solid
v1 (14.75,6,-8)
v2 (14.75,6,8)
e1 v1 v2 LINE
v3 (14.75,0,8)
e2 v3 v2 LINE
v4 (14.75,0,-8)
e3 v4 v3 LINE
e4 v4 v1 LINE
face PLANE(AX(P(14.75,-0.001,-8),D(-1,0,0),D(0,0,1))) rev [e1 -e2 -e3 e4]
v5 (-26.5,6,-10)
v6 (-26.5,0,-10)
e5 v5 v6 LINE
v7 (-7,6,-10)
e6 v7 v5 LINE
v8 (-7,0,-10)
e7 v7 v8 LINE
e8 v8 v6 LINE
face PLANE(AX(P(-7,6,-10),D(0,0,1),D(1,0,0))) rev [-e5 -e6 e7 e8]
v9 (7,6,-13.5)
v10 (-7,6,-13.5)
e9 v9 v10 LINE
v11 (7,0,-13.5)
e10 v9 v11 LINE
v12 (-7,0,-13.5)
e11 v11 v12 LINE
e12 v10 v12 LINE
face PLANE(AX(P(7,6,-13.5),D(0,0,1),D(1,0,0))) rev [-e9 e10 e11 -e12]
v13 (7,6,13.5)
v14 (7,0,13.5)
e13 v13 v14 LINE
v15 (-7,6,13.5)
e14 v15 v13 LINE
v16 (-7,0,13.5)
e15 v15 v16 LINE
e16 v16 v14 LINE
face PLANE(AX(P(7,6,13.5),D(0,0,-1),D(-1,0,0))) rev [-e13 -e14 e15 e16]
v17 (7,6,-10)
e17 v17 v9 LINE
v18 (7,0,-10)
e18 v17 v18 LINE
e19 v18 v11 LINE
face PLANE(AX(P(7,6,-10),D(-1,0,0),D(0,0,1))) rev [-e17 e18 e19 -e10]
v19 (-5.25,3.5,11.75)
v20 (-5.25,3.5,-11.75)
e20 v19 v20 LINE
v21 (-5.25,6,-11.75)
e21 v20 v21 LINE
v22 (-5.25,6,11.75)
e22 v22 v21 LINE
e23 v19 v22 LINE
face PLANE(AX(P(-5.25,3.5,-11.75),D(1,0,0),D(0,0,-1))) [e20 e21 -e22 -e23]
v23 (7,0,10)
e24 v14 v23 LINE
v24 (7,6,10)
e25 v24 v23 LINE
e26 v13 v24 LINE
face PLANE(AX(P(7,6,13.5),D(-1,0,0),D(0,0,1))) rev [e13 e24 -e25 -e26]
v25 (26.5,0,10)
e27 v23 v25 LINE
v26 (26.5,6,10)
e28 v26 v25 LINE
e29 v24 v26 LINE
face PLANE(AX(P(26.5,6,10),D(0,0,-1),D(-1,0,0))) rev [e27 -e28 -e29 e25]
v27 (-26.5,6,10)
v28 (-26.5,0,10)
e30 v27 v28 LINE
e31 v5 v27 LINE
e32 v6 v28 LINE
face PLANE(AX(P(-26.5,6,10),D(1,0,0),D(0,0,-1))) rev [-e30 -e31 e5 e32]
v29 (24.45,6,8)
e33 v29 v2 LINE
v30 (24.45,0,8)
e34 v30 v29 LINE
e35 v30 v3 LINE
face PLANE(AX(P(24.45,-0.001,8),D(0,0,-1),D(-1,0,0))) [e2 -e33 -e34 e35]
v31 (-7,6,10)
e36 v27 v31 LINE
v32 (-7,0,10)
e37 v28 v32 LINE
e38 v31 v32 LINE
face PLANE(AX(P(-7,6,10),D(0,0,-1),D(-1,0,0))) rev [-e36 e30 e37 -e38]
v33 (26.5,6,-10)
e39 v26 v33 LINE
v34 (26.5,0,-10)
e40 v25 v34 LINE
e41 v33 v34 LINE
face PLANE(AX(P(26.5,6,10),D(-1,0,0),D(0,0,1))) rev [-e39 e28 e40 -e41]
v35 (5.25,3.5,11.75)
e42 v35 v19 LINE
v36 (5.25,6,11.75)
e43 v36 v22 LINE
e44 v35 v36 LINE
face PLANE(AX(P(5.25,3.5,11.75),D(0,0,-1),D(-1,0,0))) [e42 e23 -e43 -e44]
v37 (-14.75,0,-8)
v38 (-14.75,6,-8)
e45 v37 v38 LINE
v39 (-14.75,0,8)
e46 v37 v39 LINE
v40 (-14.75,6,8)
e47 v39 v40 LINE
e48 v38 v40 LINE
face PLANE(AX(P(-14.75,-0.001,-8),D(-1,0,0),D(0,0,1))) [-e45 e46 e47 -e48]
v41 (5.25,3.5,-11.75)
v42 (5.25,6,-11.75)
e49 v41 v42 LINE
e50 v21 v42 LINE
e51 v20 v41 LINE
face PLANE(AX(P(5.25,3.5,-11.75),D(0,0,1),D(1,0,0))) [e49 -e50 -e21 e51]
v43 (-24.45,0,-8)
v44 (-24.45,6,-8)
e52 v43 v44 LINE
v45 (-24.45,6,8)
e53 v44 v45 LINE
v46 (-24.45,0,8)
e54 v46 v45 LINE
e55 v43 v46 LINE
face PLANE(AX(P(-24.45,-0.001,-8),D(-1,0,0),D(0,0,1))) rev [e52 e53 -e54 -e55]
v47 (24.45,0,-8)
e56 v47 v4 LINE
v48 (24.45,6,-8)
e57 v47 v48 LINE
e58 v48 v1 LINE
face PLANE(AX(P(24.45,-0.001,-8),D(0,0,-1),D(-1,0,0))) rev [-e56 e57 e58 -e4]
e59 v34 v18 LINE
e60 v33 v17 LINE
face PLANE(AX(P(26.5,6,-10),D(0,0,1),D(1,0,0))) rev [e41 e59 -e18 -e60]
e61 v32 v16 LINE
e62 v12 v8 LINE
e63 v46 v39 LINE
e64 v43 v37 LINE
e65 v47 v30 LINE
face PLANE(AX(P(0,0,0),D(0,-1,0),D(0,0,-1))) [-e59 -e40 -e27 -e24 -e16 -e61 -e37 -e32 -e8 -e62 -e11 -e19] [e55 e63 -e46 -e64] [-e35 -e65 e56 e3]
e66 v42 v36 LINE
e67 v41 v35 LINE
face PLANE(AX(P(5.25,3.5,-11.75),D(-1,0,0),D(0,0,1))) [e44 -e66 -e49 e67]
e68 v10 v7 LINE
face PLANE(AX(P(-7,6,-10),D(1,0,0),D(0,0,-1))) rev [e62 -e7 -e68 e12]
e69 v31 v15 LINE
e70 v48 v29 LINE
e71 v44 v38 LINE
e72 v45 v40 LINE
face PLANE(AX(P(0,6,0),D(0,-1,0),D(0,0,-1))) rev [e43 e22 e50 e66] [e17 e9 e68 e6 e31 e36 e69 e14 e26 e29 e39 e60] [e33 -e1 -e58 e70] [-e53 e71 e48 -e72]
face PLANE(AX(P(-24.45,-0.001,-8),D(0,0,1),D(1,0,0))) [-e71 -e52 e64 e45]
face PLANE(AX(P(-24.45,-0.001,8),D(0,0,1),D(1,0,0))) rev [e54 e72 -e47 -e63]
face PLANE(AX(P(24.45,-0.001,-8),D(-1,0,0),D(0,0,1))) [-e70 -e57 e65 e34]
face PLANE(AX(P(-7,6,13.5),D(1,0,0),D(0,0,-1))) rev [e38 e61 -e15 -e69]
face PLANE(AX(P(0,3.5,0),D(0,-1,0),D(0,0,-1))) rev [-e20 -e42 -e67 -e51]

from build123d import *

# Parameters (mm, degrees)
DODANIE_WYCI_GNI_CIE1_DEPTH = 6
WYTNIJ_WYCI_GNI_CIE1_REACH  = 32.34
SZKIC2_W                    = 9.7
SZKIC2_H                    = 16
SZKIC4_W                    = 10.5
SZKIC4_H                    = 23.5
WYTNIJ_WYCI_GNI_CIE3_DEPTH  = 2.5


with BuildPart() as part:
    # Szkic1 → Dodanie-wyciągnięcie1 (new body)
    with BuildSketch(Plane(origin=(0, 0, 0), x_dir=(1, 0, 0), z_dir=(0, 1, 0))):
        Polygon((-7, 10), (-7, 13.5), (7, 13.5), (7, 10), (26.5, 10), (26.5, -10), (7, -10), (7, -13.5), (-7, -13.5), (-7, -10), (-26.5, -10), (-26.5, 10), align=None)
    extrude(amount=DODANIE_WYCI_GNI_CIE1_DEPTH)

    # Szkic2 → Wytnij-wyciągnięcie1 (cut, up to next)
    with BuildSketch(Plane(origin=(0, 6, 0), x_dir=(1, 0, 0), z_dir=(0, 1, 0)), mode=Mode.PRIVATE) as wytnij_wyci_gni_cie1_sk1:
        with Locations((-19.6, 0)):
            Rectangle(SZKIC2_W, SZKIC2_H)
    wytnij_wyci_gni_cie1_tool1 = extrude(wytnij_wyci_gni_cie1_sk1.sketch, amount=-WYTNIJ_WYCI_GNI_CIE1_REACH, mode=Mode.PRIVATE) & part.part
    # Szkic2 → Wytnij-wyciągnięcie1 (cut, up to next)
    with BuildSketch(Plane(origin=(0, 6, 0), x_dir=(1, 0, 0), z_dir=(0, 1, 0)), mode=Mode.PRIVATE) as wytnij_wyci_gni_cie1_sk2:
        with Locations((19.6, 0)):
            Rectangle(SZKIC2_W, SZKIC2_H)
    wytnij_wyci_gni_cie1_tool2 = extrude(wytnij_wyci_gni_cie1_sk2.sketch, amount=-WYTNIJ_WYCI_GNI_CIE1_REACH, mode=Mode.PRIVATE) & part.part
    add(wytnij_wyci_gni_cie1_tool1.solids().sort_by_distance((-19.6, 6, 0))[0], mode=Mode.SUBTRACT)
    add(wytnij_wyci_gni_cie1_tool2.solids().sort_by_distance((19.6, 6, 0))[0], mode=Mode.SUBTRACT)

    # Szkic4 → Wytnij-wyciągnięcie3 (cut)
    with BuildSketch(Plane.XZ.offset(-6)):
        Rectangle(SZKIC4_W, SZKIC4_H)
    extrude(amount=WYTNIJ_WYCI_GNI_CIE3_DEPTH, mode=Mode.SUBTRACT)


solid = part.part
